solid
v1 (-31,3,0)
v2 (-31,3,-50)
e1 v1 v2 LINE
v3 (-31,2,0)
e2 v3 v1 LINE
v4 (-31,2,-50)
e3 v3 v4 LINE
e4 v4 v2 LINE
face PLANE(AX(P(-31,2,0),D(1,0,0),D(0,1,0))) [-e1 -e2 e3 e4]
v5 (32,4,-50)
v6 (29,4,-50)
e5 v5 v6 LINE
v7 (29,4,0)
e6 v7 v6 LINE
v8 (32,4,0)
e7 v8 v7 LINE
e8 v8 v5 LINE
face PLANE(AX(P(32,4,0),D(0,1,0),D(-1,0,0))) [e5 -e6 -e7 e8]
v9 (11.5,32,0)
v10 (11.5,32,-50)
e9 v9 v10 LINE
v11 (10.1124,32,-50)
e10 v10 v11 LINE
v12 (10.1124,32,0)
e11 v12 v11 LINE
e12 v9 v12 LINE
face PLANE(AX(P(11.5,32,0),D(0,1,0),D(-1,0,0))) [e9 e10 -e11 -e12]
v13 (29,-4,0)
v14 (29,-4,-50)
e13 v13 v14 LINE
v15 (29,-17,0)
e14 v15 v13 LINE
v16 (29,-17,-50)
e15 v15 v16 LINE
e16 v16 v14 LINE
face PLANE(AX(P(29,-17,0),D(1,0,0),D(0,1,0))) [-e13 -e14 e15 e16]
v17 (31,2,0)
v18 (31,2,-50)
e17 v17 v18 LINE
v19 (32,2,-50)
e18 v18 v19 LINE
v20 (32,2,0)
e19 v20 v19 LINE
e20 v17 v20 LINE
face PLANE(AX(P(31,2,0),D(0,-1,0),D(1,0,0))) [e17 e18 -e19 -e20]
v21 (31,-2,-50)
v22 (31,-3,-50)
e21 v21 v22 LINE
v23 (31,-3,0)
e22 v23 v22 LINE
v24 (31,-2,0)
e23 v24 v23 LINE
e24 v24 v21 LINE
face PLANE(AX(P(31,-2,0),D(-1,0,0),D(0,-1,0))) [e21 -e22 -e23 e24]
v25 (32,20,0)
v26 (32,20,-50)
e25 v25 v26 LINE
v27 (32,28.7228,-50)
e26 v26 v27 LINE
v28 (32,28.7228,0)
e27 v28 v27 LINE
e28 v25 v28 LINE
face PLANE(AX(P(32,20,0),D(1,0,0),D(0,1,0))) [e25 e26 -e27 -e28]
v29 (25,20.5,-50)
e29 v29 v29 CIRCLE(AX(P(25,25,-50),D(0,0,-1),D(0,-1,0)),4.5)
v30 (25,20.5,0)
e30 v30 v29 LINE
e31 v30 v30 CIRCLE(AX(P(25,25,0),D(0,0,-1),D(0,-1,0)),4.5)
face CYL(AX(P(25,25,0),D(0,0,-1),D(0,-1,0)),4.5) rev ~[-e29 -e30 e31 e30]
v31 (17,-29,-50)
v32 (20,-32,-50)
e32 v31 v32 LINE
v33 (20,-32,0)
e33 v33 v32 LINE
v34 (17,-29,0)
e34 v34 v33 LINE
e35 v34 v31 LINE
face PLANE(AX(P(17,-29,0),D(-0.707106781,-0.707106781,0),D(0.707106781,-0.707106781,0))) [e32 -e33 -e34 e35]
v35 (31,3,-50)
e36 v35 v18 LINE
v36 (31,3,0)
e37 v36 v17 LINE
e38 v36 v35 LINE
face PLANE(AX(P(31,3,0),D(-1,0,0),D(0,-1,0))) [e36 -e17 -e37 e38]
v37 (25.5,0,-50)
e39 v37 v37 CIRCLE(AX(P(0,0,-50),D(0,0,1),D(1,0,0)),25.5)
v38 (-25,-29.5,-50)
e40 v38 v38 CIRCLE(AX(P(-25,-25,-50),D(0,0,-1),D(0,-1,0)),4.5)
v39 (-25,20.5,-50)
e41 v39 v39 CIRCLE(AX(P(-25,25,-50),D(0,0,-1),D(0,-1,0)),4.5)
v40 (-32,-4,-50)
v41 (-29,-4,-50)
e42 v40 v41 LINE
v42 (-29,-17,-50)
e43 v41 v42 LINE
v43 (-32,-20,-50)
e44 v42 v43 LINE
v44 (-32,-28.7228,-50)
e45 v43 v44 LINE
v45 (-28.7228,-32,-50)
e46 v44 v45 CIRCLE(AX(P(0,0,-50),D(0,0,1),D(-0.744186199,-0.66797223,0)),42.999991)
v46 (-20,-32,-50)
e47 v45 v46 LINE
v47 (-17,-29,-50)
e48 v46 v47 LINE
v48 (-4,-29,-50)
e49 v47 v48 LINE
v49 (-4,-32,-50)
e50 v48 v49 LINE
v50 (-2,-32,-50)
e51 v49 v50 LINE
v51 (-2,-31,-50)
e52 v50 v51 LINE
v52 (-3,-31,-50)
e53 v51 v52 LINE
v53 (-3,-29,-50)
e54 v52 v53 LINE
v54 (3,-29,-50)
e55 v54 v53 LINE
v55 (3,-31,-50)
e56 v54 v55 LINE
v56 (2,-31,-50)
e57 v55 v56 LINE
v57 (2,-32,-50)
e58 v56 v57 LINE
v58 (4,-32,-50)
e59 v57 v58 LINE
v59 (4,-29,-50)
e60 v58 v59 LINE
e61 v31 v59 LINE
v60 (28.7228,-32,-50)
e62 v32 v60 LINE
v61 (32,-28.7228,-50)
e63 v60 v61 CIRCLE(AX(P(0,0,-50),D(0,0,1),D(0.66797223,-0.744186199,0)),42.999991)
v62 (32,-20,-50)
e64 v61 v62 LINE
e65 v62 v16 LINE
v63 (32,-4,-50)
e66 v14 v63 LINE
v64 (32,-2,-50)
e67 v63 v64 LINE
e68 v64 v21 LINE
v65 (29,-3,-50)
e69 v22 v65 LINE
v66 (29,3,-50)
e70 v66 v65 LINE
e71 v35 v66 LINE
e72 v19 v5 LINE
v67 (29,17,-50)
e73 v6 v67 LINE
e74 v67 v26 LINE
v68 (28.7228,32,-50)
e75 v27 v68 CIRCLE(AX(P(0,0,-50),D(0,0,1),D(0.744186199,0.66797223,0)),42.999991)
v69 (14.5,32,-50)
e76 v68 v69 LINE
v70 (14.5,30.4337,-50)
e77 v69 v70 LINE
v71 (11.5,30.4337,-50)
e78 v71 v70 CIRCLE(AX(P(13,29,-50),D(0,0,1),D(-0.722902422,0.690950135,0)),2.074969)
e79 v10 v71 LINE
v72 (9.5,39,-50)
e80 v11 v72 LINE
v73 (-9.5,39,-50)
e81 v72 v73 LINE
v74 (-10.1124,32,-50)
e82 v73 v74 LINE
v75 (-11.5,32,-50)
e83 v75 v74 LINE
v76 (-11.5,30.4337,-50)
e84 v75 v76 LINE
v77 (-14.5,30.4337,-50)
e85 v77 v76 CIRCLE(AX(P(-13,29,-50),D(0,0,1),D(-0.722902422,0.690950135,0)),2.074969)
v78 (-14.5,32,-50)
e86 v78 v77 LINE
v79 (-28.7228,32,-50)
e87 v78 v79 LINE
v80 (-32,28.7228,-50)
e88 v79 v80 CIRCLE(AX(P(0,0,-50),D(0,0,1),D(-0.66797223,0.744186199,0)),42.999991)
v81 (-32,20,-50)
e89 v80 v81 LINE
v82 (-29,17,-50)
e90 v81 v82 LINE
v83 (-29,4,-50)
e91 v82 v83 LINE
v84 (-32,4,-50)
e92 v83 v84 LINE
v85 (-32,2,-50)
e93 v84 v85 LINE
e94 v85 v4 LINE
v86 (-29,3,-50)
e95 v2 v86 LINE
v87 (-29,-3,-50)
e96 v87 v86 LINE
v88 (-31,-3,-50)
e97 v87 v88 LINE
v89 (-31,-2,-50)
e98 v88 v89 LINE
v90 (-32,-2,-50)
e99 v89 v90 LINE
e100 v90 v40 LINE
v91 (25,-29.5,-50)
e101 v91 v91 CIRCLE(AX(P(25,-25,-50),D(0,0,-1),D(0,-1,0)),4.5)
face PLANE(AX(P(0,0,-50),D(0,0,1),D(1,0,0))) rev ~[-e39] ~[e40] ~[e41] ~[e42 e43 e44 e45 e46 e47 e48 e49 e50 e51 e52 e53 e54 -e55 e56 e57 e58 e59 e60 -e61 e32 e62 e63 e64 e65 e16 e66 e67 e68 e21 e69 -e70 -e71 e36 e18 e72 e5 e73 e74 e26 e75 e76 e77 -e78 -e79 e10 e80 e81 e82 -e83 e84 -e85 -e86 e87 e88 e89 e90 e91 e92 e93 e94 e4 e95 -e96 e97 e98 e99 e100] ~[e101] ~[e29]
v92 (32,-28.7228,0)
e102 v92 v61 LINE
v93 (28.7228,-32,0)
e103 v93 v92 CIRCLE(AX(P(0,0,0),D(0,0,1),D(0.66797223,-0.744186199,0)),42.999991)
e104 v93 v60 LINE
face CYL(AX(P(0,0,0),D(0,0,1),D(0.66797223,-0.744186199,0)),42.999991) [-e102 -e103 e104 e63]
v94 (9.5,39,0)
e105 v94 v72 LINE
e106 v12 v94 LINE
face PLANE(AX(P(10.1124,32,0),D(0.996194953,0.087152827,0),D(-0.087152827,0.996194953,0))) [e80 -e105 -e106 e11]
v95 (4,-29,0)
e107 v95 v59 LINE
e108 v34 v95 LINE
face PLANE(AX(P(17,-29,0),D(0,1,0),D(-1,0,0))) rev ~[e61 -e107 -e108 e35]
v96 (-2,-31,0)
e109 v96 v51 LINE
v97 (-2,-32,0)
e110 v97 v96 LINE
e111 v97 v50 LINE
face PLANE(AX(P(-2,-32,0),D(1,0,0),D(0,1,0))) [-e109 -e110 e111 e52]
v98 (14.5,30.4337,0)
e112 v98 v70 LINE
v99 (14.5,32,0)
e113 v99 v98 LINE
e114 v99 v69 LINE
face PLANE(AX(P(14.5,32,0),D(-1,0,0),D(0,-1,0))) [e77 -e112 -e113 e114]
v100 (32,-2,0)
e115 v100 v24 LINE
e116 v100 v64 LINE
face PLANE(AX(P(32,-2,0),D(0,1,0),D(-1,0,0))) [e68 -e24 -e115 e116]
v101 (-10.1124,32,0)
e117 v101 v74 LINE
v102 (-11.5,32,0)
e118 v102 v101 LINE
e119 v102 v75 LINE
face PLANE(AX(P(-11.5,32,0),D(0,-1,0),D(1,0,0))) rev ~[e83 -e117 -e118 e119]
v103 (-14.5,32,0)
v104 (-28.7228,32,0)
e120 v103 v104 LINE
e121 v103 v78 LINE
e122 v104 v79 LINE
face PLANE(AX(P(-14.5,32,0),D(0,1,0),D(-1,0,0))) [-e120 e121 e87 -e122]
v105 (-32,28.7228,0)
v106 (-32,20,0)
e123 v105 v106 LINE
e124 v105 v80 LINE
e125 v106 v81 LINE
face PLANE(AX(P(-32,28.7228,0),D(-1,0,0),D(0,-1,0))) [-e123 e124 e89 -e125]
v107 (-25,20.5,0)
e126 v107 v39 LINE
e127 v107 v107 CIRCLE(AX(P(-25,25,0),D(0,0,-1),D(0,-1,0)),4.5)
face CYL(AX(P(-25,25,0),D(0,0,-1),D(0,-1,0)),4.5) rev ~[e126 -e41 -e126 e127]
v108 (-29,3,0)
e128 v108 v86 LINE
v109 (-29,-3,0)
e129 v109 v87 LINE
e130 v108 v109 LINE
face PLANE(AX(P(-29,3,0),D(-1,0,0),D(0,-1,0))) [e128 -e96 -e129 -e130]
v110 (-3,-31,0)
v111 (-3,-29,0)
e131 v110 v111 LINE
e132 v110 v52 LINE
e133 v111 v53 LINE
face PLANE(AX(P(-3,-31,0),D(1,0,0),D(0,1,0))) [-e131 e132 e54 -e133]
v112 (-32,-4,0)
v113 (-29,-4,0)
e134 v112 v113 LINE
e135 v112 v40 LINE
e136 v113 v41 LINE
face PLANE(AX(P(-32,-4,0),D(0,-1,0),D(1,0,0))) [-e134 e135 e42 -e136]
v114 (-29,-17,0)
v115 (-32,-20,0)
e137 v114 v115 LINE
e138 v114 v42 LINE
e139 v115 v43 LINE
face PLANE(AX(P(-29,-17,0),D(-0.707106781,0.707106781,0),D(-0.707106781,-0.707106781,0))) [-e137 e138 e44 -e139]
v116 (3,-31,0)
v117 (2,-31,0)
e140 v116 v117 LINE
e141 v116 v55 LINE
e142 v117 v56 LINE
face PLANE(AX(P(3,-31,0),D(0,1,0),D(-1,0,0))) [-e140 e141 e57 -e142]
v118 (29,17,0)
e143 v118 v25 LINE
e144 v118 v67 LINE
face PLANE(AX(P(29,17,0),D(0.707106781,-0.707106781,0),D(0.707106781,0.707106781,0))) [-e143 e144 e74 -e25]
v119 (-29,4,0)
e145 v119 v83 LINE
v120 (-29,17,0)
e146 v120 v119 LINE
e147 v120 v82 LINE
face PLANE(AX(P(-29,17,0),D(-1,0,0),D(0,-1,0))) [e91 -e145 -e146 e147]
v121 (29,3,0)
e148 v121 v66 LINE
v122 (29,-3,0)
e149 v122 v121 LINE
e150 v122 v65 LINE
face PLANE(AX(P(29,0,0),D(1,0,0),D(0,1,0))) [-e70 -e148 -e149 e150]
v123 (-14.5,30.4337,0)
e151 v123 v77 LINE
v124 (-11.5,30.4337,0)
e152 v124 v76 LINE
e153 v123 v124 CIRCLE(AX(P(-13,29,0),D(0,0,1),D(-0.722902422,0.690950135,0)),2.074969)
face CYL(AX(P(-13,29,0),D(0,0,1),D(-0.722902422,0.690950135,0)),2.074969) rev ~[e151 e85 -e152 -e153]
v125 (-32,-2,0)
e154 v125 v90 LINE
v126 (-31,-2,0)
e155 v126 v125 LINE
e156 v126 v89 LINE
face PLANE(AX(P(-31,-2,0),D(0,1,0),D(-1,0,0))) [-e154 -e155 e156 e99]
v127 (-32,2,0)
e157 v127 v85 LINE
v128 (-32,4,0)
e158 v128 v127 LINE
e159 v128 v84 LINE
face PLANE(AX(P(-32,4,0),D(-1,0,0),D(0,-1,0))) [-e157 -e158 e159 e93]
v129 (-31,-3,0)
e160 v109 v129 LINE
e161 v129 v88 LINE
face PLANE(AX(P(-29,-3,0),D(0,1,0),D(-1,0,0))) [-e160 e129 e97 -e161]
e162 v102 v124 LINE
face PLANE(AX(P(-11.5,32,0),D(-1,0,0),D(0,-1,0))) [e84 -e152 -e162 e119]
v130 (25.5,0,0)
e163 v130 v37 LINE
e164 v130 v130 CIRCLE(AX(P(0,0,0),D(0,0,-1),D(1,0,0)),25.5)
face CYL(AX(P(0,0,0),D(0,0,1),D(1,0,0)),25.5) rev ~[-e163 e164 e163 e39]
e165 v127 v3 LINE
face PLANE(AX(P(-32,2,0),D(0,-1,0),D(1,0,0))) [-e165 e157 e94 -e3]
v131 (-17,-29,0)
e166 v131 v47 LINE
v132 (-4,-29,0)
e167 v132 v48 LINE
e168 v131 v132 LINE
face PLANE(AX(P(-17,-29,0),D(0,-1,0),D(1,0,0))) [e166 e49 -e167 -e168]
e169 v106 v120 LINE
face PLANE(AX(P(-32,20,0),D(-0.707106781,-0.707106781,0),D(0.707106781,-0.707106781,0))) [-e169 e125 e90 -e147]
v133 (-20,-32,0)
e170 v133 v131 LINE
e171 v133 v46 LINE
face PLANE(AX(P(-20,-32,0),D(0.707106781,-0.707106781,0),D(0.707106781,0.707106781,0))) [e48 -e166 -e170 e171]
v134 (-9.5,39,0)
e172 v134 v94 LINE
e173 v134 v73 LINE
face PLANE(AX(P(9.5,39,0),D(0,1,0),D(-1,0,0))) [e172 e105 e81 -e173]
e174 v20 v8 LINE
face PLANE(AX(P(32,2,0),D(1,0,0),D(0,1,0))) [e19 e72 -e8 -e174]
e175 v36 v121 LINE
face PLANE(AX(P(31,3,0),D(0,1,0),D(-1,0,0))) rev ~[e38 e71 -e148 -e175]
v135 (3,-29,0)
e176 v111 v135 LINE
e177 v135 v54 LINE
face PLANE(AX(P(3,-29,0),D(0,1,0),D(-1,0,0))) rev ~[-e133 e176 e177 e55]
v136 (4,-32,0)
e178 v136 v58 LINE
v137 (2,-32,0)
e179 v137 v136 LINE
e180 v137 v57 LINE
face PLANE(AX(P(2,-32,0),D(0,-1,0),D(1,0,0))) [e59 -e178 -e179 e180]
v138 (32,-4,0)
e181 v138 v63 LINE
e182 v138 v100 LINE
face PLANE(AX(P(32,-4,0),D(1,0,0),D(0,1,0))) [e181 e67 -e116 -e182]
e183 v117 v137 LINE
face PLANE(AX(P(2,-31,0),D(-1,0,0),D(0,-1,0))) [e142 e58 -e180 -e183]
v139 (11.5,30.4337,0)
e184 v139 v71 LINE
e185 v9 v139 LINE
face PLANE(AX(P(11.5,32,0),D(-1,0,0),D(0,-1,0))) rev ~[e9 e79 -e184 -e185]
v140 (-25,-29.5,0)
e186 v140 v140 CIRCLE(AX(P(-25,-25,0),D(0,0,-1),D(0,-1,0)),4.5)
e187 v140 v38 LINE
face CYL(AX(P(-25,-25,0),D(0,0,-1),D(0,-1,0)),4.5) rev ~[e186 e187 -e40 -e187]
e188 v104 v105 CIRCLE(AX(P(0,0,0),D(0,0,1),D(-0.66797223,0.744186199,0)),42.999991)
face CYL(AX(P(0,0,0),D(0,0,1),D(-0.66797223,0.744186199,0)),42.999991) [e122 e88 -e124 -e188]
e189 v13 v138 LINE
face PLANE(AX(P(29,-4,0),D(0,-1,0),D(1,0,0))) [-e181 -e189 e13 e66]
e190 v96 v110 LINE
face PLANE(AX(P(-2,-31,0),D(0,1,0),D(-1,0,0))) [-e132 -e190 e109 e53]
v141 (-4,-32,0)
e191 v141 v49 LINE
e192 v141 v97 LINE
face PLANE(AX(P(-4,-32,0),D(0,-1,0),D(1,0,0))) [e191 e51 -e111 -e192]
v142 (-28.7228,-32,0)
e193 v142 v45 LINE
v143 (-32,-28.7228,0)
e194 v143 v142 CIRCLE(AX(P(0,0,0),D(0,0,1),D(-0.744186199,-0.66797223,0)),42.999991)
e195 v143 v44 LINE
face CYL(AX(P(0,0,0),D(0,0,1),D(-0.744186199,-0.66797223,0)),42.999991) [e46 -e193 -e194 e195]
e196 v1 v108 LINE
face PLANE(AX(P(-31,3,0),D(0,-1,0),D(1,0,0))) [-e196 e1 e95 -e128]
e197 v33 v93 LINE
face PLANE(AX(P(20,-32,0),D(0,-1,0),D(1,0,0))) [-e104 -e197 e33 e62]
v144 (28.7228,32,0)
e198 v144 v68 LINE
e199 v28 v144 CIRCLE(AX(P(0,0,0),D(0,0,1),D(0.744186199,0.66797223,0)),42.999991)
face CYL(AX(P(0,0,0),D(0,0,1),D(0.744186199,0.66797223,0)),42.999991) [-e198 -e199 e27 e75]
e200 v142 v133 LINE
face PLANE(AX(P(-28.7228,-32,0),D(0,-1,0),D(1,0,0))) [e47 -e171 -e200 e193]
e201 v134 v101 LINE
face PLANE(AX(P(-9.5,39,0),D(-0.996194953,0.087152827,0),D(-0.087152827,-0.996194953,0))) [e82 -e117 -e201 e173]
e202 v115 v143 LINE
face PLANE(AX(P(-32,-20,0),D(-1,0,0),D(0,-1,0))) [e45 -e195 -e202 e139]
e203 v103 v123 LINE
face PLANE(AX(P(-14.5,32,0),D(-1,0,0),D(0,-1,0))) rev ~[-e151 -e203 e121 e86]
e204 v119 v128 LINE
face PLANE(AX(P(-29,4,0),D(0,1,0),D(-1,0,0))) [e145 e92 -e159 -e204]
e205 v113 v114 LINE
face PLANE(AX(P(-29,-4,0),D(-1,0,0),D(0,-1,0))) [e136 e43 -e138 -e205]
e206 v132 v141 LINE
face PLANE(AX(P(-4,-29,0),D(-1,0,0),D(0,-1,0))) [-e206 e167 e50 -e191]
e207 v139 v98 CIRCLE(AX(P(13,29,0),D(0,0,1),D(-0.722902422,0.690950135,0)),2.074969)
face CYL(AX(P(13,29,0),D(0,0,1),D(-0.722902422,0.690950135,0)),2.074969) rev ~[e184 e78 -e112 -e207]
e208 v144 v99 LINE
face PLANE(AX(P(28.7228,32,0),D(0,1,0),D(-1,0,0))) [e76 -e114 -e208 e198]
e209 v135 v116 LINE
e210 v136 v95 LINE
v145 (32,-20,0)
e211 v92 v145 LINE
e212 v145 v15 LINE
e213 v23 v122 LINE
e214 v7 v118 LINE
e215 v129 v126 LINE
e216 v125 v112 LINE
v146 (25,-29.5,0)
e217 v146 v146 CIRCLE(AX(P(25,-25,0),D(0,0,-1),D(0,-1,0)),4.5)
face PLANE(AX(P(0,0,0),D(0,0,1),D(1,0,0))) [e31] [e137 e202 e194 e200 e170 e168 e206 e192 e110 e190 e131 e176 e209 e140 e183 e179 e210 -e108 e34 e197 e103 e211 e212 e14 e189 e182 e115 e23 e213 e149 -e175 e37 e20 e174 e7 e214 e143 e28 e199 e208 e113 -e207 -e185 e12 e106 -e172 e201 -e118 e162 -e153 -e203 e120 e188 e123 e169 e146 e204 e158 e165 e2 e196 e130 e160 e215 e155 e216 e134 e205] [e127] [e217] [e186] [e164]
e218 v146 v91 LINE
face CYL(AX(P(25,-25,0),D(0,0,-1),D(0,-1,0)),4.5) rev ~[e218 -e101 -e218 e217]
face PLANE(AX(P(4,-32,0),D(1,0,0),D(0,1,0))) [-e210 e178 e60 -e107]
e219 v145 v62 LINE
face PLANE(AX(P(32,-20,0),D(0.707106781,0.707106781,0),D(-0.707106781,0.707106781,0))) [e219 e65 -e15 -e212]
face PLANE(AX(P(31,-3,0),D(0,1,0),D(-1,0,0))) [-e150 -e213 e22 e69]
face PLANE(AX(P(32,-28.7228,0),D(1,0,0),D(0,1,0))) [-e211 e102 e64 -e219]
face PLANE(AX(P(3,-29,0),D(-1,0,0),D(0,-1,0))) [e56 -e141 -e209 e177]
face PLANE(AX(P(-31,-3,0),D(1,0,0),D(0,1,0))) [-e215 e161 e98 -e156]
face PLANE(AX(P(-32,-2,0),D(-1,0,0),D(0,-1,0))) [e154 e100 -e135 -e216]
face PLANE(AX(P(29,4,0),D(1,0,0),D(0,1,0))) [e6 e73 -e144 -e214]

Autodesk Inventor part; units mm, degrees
ref_plane "YZ Plane" through (0, 0, 0) normal (1, 0, 0) x (0, 1, 0)
ref_plane "XZ Plane" through (0, 0, 0) normal (0, 1, 0) x (-1, 0, 0)
ref_plane "XY Plane" through (0, 0, 0) normal (0, 0, 1) x (1, 0, 0)
sketch "Sketch1" plane through (0, 0, 0) normal (0, 0, 1) x (1, 0, 0)
  line L0 (0, 60.3133) -> (0, -39.1486) projected
  line L1 (-38.453, 0) -> (51.2707, 0) projected
  line L2 (-32, 28.7228) -> (-32, 20)
  line L3 (-32, 20) -> (-29, 17)
  line L4 (-29, 17) -> (-29, 4)
  line L5 (-29, 4) -> (-32, 4)
  line L6 (-32, 4) -> (-32, 2)
  line L7 (-32, 2) -> (-31, 2)
  line L8 (-31, 2) -> (-31, 3)
  line L9 (-31, 3) -> (-29, 3)
  line L10 (-29, 3) -> (-29, -3)
  line L11 (-29, -3) -> (-31, -3)
  line L12 (-31, -3) -> (-31, -2)
  line L13 (-31, -2) -> (-32, -2)
  line L14 (-32, -2) -> (-32, -4)
  line L15 (-32, -4) -> (-29, -4)
  line L16 (-29, -4) -> (-29, -17)
  line L17 (-29, -17) -> (-32, -20)
  line L18 (-32, -20) -> (-32, -28.7228)
  line L19 (-28.7228, -32) -> (-20, -32)
  line L20 (-20, -32) -> (-17, -29)
  line L21 (-4, -29) -> (-4, -32)
  line L22 (-4, -32) -> (-2, -32)
  line L23 (-2, -32) -> (-2, -31)
  line L24 (-2, -31) -> (-3, -31)
  line L25 (-3, -31) -> (-3, -29)
  line L26 (3, -29) -> (3, -31)
  line L27 (3, -31) -> (2, -31)
  line L28 (2, -31) -> (2, -32)
  line L29 (2, -32) -> (4, -32)
  line L30 (4, -32) -> (4, -29)
  line L31 (17, -29) -> (20, -32)
  line L32 (20, -32) -> (28.7228, -32)
  line L33 (32, -28.7228) -> (32, -20)
  line L34 (32, -20) -> (29, -17)
  line L35 (29, -4) -> (32, -4)
  line L36 (32, -4) -> (32, -2)
  line L37 (32, -2) -> (31, -2)
  line L38 (31, -2) -> (31, -3)
  line L39 (31, -3) -> (29, -3)
  line L40 (31, 3) -> (29, 3)
  line L41 (31, 2) -> (32, 2)
  line L42 (32, 2) -> (32, 4)
  line L43 (32, 4) -> (29, 4)
  line L44 (29, 4) -> (29, 17)
  line L45 (29, 17) -> (32, 20)
  line L46 (32, 20) -> (32, 28.7228)
  line L47 (28.7228, 32) -> (14.5, 32)
  line L48 (14.5, 32) -> (14.5, 30.4337)
  line L49 (11.5, 32) -> (11.5, 30.4337)
  line L50 (10.1124, 32) -> (9.5, 39)
  line L51 (9.5, 39) -> (-9.5, 39)
  line L52 (-9.5, 39) -> (-10.1124, 32)
  line L53 (-11.5, 32) -> (-11.5, 30.4337)
  line L54 (-14.5, 32) -> (-14.5, 30.4337)
  line L55 (31, 3) -> (31, 2)
  arc A0 (-28.7228, 32) -> (-32, 28.7228) centre (0, 0) ccw
  arc A1 (-32, -28.7228) -> (-28.7228, -32) centre (0, 0) ccw
  arc A2 (28.7228, -32) -> (32, -28.7228) centre (0, 0) ccw
  arc A3 (32, 28.7228) -> (28.7228, 32) centre (0, 0) ccw
  line L56 (-17, -29) -> (-4, -29)
  line L57 (17, -29) -> (4, -29)
  line L58 (3, -29) -> (-3, -29)
  line L59 (29, -17) -> (29, -4)
  line L60 (11.5, 32) -> (10.1124, 32)
  line L61 (-14.5, 32) -> (-28.7228, 32)
  arc A4 (-14.5, 30.4337) -> (-11.5, 30.4337) centre (-13, 29) ccw
  arc A5 (11.5, 30.4337) -> (14.5, 30.4337) centre (13, 29) ccw
  line L62 (29, -3) -> (29, 3)
  line L63 (-11.5, 32) -> (-10.1124, 32)
  circle A6 centre (0, 0) radius 25.5
  dimension "d1" = 51
extrude "SMC, 50MM" add sketch "Sketch1" against normal blind 50 contours L51 L50 L60 L49 A5 L48 L47 A3 L46 L45 L44 L43 L42 L41 L55 L40 L62 L1 A6 L0 | L0 A6 L1 L10 L9 L8 L7 L6 L5 L4 L3 L2 A0 L61 L54 A4 L53 L63 L52 L51 | L1 L62 L39 L38 L37 L36 L35 L59 L34 L33 A2 L32 L31 L57 L30 L29 L28 L27 L26 L58 L0 A6 | A6 L0 L58 L25 L24 L23 L22 L21 L56 L20 L19 A1 L18 L17 L16 L15 L14 L13 L12 L11 L10 L1
sketch "Sketch2" plane through (0, 0, 0) normal (0, 0, 1) x (1, 0, 0)
  line L0 (0, 60.3) -> (0, -39.1) projected
  line L1 (-38.4, 0) -> (51.2, 0) projected
  point P0 (-25, 25)
  point P1 (-25, -25)
  point P2 (25, -25)
  point P3 (25, 25)
  dimension "d4" = 25
  dimension "d5" = 25
  dimension "d6" = 25
  dimension "d7" = 25
hole "Hole1" at (-25, 25, 0) at (-25, -25, 0) at (25, -25, 0) at (25, 25, 0) direction (0, 0, -1) diameter 9 end through all
equation "\"d5\" = d4"
equation "\"d6\" = d4"
equation "\"d7\" = d4"
properties part number "EXTRUSION, CYLINDER, ALUMINIUM, SMC, 50MM" material "Aluminum, 6061-T6"
